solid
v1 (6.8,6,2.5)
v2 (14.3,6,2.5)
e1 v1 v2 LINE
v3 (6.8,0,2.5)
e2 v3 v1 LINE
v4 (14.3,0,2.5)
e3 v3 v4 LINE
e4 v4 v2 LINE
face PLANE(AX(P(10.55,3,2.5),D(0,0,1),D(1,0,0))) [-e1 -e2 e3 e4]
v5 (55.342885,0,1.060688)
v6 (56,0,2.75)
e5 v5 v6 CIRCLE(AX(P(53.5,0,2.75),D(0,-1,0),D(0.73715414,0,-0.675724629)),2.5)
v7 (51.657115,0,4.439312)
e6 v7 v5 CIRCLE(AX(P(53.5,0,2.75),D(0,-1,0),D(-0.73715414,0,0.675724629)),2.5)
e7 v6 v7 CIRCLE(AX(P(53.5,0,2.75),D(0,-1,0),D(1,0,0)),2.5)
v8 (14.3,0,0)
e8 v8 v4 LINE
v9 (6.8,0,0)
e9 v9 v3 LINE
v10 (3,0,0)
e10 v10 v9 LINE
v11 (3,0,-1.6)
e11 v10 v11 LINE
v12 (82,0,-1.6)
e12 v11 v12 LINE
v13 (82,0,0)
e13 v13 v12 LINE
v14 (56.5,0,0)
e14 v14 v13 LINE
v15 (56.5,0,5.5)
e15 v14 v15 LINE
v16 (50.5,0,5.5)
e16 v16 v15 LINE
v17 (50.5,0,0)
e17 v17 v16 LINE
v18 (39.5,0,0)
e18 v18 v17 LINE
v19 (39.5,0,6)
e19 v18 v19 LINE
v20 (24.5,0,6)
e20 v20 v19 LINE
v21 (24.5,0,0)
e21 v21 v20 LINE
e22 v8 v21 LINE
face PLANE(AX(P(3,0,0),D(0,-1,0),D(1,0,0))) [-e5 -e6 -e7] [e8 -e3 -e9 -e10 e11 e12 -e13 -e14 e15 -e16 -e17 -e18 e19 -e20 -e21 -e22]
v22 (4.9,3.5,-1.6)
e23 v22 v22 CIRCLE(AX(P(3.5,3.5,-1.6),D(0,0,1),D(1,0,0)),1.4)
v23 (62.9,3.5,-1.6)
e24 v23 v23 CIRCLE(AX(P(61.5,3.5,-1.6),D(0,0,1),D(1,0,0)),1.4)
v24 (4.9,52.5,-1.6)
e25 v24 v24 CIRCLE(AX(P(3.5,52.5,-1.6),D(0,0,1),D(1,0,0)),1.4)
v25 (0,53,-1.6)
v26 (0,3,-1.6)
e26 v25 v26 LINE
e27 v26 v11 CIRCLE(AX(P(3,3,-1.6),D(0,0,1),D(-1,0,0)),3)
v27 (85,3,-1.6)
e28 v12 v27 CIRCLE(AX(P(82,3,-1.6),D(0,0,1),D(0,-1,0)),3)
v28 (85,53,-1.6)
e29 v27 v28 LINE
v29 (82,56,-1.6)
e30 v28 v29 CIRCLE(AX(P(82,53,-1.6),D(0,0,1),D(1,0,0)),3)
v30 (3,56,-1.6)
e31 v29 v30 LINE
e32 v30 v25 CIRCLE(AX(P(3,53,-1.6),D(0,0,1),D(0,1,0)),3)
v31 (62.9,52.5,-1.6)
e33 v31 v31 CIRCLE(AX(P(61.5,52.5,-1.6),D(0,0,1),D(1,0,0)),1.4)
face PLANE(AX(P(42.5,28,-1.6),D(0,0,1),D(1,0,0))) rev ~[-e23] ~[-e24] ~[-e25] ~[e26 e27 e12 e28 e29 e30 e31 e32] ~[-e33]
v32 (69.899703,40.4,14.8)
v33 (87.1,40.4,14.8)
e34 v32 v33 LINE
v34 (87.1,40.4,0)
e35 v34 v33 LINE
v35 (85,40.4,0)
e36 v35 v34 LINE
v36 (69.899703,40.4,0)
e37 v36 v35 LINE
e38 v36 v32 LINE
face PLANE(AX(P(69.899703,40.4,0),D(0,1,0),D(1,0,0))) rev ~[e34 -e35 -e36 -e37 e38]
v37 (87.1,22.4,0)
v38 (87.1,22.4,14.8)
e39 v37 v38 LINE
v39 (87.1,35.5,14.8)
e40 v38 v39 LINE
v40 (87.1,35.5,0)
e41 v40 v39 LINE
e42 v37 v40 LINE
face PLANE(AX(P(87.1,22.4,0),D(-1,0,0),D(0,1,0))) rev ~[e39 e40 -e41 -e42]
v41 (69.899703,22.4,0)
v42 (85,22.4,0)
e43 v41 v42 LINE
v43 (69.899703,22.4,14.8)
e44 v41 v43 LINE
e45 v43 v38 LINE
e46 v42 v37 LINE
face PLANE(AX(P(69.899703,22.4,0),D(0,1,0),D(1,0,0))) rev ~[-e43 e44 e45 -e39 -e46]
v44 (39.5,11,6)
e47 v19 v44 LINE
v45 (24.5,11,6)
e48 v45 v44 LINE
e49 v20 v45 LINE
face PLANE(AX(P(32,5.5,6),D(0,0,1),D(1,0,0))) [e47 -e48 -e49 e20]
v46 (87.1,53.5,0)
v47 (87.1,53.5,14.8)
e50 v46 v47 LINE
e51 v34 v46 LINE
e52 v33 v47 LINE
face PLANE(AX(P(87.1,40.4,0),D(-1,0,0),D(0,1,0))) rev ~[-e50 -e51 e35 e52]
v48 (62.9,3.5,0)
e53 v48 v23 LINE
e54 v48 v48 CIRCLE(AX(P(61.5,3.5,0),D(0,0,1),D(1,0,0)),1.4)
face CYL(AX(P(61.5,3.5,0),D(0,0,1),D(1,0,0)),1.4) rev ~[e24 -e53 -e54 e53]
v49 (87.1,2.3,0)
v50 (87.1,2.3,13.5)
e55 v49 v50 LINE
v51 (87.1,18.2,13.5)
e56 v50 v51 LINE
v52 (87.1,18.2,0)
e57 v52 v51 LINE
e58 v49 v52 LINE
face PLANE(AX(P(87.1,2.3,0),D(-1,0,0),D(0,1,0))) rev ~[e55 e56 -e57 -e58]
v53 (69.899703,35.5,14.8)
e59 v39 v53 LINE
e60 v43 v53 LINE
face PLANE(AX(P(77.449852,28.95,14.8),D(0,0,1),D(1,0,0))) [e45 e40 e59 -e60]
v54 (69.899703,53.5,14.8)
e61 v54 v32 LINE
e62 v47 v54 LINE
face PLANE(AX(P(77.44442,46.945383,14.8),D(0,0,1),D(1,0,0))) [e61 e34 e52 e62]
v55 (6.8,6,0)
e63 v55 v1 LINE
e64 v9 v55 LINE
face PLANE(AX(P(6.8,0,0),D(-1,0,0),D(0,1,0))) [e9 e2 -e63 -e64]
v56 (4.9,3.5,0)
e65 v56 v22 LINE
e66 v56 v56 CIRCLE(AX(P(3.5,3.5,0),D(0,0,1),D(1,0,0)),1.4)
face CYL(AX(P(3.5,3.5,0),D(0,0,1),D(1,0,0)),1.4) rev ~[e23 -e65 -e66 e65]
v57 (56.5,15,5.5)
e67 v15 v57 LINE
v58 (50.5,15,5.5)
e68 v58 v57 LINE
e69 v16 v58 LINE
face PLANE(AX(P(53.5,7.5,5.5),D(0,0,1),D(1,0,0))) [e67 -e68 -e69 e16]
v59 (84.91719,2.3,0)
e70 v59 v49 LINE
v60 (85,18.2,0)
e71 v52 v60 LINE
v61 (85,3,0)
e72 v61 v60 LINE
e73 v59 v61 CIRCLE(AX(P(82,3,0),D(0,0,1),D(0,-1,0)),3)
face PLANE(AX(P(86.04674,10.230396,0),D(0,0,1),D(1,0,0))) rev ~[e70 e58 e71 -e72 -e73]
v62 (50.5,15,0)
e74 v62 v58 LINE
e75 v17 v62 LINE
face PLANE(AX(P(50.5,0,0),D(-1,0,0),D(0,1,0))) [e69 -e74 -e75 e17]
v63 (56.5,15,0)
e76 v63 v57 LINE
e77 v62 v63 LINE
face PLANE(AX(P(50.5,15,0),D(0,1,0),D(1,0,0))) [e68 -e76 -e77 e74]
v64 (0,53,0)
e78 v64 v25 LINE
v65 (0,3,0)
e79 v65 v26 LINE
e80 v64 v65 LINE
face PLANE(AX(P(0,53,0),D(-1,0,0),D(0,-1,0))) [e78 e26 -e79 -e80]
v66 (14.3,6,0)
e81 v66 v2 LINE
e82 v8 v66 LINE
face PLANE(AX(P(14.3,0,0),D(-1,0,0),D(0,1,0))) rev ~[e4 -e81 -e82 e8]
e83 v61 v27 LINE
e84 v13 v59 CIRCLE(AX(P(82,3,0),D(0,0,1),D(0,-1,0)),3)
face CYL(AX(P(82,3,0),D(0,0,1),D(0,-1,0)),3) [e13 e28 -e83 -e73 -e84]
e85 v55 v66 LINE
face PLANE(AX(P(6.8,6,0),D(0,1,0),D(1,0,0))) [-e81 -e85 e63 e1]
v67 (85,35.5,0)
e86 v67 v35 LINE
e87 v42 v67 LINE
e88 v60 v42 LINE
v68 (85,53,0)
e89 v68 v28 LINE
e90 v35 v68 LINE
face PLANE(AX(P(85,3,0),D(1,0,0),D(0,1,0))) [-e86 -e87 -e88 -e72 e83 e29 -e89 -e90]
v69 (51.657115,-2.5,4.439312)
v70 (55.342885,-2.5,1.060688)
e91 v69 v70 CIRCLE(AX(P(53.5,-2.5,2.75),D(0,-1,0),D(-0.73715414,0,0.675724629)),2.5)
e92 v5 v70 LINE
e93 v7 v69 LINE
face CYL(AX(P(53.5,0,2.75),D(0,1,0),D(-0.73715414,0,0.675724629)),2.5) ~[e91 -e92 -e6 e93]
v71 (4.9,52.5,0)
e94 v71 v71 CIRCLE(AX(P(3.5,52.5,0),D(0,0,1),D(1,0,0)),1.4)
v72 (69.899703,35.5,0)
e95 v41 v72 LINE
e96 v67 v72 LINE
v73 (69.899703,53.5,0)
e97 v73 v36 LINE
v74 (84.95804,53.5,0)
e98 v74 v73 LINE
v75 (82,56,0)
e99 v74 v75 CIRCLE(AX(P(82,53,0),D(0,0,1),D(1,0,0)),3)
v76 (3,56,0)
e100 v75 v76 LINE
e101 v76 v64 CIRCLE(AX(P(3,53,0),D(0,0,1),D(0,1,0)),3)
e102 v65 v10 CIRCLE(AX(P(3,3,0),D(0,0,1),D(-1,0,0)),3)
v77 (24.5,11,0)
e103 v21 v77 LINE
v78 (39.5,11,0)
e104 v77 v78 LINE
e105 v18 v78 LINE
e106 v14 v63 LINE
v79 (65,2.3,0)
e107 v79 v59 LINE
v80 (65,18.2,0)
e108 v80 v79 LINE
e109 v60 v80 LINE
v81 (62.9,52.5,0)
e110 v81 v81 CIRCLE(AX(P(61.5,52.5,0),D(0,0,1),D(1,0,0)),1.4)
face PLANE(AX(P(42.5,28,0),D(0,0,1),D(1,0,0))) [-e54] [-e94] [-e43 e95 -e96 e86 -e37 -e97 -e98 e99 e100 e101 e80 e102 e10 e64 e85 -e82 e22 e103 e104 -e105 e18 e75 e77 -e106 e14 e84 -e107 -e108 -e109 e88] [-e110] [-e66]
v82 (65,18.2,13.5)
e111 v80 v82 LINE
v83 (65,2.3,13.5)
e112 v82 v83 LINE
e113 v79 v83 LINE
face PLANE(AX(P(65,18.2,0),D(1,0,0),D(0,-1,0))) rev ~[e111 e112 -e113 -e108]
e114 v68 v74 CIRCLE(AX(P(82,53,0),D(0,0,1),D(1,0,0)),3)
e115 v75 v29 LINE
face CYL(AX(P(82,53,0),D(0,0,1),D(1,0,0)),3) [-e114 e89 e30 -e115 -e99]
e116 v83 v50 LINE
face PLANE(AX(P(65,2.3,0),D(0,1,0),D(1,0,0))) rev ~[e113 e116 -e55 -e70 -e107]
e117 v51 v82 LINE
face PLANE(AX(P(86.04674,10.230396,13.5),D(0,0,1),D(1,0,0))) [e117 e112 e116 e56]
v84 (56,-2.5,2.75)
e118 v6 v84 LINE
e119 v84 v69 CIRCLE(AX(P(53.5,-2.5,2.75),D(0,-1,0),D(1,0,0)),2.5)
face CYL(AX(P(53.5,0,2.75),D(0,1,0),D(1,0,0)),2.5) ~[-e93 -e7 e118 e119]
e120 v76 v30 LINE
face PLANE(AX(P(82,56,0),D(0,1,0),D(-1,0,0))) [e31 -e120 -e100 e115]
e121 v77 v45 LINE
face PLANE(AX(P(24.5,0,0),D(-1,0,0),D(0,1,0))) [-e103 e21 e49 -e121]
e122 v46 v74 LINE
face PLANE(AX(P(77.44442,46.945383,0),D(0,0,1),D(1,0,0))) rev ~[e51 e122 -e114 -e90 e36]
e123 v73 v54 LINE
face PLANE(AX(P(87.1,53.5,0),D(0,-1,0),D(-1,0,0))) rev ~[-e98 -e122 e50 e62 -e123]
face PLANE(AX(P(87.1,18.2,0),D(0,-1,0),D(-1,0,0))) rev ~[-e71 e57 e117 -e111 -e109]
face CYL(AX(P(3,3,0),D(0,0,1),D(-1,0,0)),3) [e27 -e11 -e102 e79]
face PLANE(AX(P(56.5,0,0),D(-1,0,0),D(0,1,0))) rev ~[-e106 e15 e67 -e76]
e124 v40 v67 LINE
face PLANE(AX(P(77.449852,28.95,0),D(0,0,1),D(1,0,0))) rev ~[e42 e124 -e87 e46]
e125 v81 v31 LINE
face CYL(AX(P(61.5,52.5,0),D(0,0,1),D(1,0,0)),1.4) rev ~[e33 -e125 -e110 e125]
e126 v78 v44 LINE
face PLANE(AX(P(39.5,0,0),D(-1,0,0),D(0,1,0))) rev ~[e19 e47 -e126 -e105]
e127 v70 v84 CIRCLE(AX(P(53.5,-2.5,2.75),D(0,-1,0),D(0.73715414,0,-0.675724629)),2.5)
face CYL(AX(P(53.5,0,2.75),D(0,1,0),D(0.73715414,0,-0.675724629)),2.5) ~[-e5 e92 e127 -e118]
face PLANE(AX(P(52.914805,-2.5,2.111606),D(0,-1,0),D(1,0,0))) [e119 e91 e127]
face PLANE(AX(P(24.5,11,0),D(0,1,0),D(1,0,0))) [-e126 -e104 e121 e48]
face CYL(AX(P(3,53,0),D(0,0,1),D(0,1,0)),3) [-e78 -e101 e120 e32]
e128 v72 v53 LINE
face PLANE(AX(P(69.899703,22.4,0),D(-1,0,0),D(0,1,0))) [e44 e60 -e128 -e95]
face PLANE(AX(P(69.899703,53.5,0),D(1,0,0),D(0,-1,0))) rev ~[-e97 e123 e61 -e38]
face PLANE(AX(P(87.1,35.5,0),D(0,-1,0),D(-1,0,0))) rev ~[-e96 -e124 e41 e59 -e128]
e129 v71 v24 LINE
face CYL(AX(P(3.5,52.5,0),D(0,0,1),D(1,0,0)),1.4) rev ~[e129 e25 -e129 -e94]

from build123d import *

# Parameters (mm, degrees)
F0_R      = 1.4
F1_DEPTH  = 1.6
F3_DEPTH  = 13.5
F4_W      = 15.1002969221
F4_H      = 13.1
F4_W_2    = 2.1
F5_DEPTH  = 14.8
F6_W      = 6
F6_H      = 15
F7_DEPTH  = 5.5
F9_DEPTH  = 2.5
F10_W     = 15
F10_H     = 11
F11_DEPTH = 6
F12_W     = 7.5
F12_H     = 6
F13_DEPTH = 2.5


with BuildPart() as f1:
    # F0 (on Top) → F1 (new body)
    with BuildSketch(Plane.XY):
        with BuildLine():
            ThreePointArc((0, 3), (0.8786796564, 0.8786796564), (3, 0))
            Line((3, 0), (82, 0))
            ThreePointArc((82, 0), (84.1213203436, 0.8786796564), (85, 3))
            Line((85, 3), (85, 53))
            ThreePointArc((85, 53), (84.1213203436, 55.1213203436), (82, 56))
            Line((82, 56), (3, 56))
            ThreePointArc((3, 56), (0.8786796564, 55.1213203436), (0, 53))
            Line((0, 53), (0, 3))
        make_face()
        with Locations((3.5, 3.5)):
            Circle(F0_R, mode=Mode.SUBTRACT)
        with Locations((61.5, 3.5)):
            Circle(F0_R, mode=Mode.SUBTRACT)
        with Locations((3.5, 52.5)):
            Circle(F0_R, mode=Mode.SUBTRACT)
        with Locations((61.5, 52.5)):
            Circle(F0_R, mode=Mode.SUBTRACT)
    extrude(amount=-F1_DEPTH)

    # F2 (on face) → F3 (join)
    with BuildSketch(Plane.XY):
        with BuildLine():
            Line((84.9171904292, 2.3), (87.1, 2.3))
            Line((87.1, 2.3), (87.1, 18.2))
            Line((87.1, 18.2), (85, 18.2))
            Line((85, 18.2), (85, 3))
            ThreePointArc((85, 3), (84.9792256786, 2.6475594288), (84.9171904292, 2.3))
        make_face()
        with BuildLine():
            Line((65, 2.3), (84.9171904292, 2.3))
            ThreePointArc((84.9171904292, 2.3), (84.9792256786, 2.6475594288), (85, 3))
            Line((85, 3), (85, 18.2))
            Line((85, 18.2), (65, 18.2))
            Line((65, 18.2), (65, 2.3))
        make_face()
    extrude(amount=F3_DEPTH)

    # F4 (on face) → F5 (join)
    with BuildSketch(Plane.XY):
        with Locations((77.4498515389, 28.95)):
            Rectangle(F4_W, F4_H)
        with BuildLine():
            Line((84.9580398915, 53.5), (69.8997030779, 53.5))
            Line((69.8997030779, 53.5), (69.8997030779, 40.4))
            Line((69.8997030779, 40.4), (85, 40.4))
            Line((85, 40.4), (85, 53))
            ThreePointArc((85, 53), (84.9894915684, 53.2508787808), (84.9580398915, 53.5))
        make_face()
        with BuildLine():
            Line((87.1, 53.5), (84.9580398915, 53.5))
            ThreePointArc((84.9580398915, 53.5), (84.9894915684, 53.2508787808), (85, 53))
            Line((85, 53), (85, 40.4))
            Line((85, 40.4), (87.1, 40.4))
            Line((87.1, 40.4), (87.1, 53.5))
        make_face()
        with Locations((86.05, 28.95)):
            Rectangle(F4_W_2, F4_H)
    extrude(amount=F5_DEPTH)

    # F6 (on face) → F7 (join)
    with BuildSketch(Plane.XY):
        with Locations((53.5, 7.5)):
            Rectangle(F6_W, F6_H)
    extrude(amount=F7_DEPTH)

    # F8 (on face) → F9 (join)
    with BuildSketch(Plane.XZ):
        with BuildLine():
            Line((55.3428853505, 1.0606884287), (51.6571146495, 4.4393115713))
            ThreePointArc((51.6571146495, 4.4393115713), (51.8106884287, 0.9071146495), (55.3428853505, 1.0606884287))
        make_face()
        with BuildLine():
            ThreePointArc((56, 2.75), (54.4063075151, 5.0799370567), (51.6571146495, 4.4393115713))
            Line((51.6571146495, 4.4393115713), (55.3428853505, 1.0606884287))
            ThreePointArc((55.3428853505, 1.0606884287), (55.8299370567, 1.8436924849), (56, 2.75))
        make_face()
    extrude(amount=F9_DEPTH)

    # F10 (on face) → F11 (join)
    with BuildSketch(Plane.XY):
        with Locations((32, 5.5)):
            Rectangle(F10_W, F10_H)
    extrude(amount=F11_DEPTH)

    # F12 (on face) → F13 (join)
    with BuildSketch(Plane.XY):
        with Locations((10.55, 3)):
            Rectangle(F12_W, F12_H)
    extrude(amount=F13_DEPTH)


solid = f1.part
